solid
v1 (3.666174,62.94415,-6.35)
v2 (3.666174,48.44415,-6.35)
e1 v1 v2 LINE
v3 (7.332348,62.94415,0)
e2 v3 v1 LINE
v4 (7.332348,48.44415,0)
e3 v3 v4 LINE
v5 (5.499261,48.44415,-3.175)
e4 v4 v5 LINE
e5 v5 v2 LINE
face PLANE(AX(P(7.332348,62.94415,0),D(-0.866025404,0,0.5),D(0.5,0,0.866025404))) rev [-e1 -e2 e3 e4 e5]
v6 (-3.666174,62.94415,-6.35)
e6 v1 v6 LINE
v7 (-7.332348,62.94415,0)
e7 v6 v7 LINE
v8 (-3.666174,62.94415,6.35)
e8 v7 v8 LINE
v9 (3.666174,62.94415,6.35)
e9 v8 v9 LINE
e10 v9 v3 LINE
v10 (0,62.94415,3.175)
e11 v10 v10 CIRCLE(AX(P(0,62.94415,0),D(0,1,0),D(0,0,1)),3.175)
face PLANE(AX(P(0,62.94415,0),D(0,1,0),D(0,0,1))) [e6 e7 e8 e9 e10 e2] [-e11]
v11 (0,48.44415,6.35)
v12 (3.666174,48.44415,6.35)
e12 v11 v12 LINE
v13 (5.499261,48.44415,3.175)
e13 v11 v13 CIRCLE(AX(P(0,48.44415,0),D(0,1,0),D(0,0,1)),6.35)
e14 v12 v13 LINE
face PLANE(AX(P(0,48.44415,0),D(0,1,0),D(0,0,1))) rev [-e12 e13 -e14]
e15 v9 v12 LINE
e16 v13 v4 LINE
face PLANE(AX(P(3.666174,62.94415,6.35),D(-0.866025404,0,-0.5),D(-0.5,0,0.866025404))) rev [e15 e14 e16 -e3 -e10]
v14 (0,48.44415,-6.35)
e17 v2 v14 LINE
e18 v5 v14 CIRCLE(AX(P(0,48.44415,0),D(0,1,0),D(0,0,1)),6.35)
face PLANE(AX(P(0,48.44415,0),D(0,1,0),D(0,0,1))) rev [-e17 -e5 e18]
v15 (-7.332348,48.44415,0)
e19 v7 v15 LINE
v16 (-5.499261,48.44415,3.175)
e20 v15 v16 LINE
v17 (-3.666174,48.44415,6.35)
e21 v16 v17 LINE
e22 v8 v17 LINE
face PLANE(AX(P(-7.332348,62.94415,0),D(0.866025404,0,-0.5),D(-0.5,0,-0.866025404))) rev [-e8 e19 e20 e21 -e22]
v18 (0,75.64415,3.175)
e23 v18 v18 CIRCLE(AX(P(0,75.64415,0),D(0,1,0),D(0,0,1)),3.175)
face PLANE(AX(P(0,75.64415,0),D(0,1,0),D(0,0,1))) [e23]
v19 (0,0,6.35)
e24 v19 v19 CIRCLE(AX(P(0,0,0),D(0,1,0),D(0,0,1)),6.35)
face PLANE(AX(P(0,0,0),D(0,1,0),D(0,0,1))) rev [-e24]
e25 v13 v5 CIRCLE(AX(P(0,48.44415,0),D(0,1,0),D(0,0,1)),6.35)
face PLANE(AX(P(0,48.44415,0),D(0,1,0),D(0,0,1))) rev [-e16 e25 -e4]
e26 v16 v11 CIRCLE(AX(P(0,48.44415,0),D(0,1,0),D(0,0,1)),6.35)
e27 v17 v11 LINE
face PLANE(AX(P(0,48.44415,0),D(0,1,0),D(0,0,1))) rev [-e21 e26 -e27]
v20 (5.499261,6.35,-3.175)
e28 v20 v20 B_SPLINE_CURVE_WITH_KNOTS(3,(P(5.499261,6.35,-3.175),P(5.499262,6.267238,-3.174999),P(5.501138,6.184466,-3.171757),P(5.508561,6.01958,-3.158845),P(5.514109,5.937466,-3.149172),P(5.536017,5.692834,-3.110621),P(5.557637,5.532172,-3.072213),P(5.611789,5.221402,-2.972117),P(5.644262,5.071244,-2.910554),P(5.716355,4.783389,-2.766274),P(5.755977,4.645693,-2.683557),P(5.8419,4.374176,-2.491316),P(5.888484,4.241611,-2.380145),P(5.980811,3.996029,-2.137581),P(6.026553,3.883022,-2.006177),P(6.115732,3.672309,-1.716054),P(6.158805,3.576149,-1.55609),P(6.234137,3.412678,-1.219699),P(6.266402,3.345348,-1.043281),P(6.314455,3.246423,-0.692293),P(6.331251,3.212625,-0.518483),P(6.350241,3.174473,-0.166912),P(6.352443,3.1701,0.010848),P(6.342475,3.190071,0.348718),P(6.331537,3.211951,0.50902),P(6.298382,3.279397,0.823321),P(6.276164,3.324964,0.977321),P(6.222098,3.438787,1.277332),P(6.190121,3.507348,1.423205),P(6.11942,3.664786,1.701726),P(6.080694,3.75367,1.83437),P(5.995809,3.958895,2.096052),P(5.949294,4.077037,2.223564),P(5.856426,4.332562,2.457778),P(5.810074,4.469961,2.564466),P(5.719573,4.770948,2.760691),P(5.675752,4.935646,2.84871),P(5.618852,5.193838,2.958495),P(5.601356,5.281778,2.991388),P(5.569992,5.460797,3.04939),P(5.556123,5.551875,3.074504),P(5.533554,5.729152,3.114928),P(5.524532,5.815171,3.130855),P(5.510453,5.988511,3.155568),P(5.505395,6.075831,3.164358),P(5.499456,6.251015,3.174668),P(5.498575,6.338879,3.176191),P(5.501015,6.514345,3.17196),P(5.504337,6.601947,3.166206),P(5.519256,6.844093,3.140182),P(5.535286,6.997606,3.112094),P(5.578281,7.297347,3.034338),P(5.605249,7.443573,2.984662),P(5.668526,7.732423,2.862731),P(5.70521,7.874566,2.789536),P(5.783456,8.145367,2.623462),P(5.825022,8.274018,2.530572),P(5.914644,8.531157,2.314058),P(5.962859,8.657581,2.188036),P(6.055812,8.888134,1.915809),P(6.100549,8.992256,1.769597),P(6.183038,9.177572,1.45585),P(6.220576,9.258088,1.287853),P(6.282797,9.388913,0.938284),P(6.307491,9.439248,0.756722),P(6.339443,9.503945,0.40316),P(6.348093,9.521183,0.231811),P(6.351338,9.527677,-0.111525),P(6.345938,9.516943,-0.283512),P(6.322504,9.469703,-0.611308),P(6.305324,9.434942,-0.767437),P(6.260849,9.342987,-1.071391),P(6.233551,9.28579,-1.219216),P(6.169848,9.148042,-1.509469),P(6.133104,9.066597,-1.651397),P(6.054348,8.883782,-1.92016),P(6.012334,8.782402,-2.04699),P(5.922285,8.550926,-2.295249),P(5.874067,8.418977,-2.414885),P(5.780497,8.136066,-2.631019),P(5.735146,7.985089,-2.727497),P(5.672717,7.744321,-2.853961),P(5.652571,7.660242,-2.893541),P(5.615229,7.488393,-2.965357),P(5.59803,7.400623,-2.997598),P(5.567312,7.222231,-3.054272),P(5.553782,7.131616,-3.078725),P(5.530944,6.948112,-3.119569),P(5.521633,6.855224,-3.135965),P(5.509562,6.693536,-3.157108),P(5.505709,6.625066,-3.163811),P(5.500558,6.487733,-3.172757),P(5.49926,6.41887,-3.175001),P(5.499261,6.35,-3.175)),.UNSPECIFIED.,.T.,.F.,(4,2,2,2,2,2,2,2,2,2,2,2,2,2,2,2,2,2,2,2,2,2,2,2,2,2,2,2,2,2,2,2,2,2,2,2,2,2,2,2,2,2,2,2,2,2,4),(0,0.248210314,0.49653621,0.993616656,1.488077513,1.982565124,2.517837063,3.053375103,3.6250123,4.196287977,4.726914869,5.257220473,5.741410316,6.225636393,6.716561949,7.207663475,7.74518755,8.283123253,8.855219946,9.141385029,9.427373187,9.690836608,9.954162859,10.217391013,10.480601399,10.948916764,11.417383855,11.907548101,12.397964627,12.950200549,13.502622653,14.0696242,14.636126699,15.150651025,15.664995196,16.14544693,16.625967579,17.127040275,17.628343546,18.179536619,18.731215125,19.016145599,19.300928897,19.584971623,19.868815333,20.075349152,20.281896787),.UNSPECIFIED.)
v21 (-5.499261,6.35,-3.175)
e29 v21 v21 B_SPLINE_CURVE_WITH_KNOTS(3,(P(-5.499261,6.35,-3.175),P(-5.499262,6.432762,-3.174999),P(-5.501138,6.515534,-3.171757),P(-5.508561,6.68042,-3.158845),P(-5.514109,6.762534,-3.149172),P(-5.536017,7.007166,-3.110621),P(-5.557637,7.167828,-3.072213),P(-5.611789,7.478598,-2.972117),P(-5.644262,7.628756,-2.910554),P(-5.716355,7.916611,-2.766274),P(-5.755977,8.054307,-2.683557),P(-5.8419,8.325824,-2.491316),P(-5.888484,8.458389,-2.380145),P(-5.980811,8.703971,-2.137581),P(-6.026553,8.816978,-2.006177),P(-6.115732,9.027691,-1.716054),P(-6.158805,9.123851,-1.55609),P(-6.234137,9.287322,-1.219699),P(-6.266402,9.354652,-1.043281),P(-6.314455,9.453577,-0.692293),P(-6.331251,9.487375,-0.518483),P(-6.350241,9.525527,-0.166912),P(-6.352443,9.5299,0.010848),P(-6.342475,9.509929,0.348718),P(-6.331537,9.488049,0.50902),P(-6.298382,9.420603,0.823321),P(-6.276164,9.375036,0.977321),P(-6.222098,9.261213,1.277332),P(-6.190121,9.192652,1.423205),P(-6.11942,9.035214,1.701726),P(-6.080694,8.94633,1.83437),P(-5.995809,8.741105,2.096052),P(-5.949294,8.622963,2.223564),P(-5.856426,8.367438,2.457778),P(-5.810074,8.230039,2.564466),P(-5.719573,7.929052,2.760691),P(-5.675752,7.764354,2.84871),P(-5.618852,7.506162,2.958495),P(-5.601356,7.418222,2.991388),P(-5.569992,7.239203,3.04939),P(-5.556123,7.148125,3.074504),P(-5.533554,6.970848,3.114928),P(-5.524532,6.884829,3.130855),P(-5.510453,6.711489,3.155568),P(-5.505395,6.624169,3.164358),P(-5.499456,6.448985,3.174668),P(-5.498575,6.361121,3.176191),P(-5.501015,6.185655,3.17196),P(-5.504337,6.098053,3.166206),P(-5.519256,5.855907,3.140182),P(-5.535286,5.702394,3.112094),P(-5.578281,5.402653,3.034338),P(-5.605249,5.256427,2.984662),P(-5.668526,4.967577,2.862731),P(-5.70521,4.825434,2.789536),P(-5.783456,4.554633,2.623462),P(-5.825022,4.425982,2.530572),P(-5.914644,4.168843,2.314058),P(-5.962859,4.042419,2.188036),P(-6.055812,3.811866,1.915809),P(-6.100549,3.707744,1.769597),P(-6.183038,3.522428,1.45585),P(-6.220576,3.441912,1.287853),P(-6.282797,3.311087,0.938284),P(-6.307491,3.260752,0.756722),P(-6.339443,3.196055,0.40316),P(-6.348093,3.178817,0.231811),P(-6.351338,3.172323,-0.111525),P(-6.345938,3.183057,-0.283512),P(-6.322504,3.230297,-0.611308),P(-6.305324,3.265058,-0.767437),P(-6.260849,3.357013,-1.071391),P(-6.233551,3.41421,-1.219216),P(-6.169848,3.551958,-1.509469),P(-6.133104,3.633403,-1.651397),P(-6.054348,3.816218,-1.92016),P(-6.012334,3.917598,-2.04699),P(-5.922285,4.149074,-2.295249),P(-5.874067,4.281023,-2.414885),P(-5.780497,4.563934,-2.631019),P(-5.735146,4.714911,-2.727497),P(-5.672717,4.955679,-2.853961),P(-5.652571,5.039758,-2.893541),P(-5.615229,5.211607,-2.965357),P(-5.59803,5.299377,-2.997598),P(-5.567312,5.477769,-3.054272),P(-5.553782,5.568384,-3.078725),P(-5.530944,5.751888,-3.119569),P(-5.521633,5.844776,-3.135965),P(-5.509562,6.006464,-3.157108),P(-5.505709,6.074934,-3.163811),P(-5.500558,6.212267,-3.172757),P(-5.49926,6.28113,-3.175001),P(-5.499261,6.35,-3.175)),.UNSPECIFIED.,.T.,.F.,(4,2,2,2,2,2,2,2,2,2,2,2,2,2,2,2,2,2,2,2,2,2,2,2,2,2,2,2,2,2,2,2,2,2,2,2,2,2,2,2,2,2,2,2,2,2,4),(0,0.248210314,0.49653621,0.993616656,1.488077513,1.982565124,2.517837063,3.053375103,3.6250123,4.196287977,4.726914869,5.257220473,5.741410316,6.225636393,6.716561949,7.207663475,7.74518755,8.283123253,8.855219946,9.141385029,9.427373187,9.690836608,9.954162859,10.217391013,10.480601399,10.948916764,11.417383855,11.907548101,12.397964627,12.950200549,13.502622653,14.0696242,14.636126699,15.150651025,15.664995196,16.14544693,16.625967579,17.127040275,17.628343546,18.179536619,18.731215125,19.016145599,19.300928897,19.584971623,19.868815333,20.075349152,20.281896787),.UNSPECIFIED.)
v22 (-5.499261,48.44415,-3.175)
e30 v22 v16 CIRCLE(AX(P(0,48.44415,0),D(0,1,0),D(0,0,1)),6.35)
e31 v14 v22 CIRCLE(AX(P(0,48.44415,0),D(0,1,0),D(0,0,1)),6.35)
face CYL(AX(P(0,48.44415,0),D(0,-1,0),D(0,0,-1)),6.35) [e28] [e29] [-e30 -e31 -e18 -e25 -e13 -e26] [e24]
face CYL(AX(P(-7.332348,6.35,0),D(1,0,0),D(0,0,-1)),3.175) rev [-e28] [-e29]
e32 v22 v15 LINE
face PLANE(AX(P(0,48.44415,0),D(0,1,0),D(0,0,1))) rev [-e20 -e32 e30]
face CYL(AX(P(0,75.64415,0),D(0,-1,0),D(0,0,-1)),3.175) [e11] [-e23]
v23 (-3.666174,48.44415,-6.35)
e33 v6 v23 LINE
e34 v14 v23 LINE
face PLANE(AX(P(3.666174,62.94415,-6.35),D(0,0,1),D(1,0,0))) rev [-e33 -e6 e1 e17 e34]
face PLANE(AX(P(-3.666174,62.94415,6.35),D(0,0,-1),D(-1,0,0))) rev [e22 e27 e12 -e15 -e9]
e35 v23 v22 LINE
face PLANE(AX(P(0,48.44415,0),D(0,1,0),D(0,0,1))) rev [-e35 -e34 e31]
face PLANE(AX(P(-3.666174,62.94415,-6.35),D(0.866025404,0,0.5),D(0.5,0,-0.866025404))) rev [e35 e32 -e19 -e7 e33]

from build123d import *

# Parameters (mm, degrees)
SKETCH1_R               = 6.35
BOSS_EXTRUDE1_DEPTH     = 48.44415
BOSS_EXTRUDE2_DEPTH     = 14.499999936
CUT_EXTRUDE1_DEPTH      = 64.687140339
CUT_EXTRUDE1_DEPTH_BACK = 64.687140339
SKETCH4_R               = 3.175
SKETCH5_R               = 3.175
BOSS_EXTRUDE3_DEPTH     = 12.7


with BuildPart() as part:
    # Sketch1 → Boss-Extrude1 (new body)
    with BuildSketch(Plane(origin=(0, 0, 0), x_dir=(1, 0, 0), z_dir=(0, 1, 0))):
        with Locations(Location((0, 0, 0), (0, 0, 270))):
            Circle(SKETCH1_R)
    extrude(amount=BOSS_EXTRUDE1_DEPTH)

    # Sketch2 → Boss-Extrude2 (add)
    with BuildSketch(Plane(origin=(0, 48.44415, 0), x_dir=(1, 0, 0), z_dir=(0, 1, 0))):
        Polygon((7.332348419, 0), (3.666174209, 6.35), (-3.666174209, 6.35), (-7.332348419, 0), (-3.666174209, -6.35), (3.666174209, -6.35), align=None)
    extrude(amount=BOSS_EXTRUDE2_DEPTH)

    # Sketch4 → Cut-Extrude1 (cut, two sides: drawn at the far end of the back side and taken through both)
    with BuildSketch(Plane(origin=(0, 0, 0), x_dir=(0, 0, -1), z_dir=(1, 0, 0)).offset(-CUT_EXTRUDE1_DEPTH_BACK)):
        with Locations((0, 6.35)):
            Circle(SKETCH4_R)
    extrude(amount=CUT_EXTRUDE1_DEPTH + CUT_EXTRUDE1_DEPTH_BACK, mode=Mode.SUBTRACT)

    # Sketch5 → Boss-Extrude3 (add)
    with BuildSketch(Plane(origin=(0, 62.944149936, 0), x_dir=(1, 0, 0), z_dir=(0, 1, 0))):
        with Locations(Location((0, 0, 0), (0, 0, 270))):
            Circle(SKETCH5_R)
    extrude(amount=BOSS_EXTRUDE3_DEPTH)


solid = part.part
